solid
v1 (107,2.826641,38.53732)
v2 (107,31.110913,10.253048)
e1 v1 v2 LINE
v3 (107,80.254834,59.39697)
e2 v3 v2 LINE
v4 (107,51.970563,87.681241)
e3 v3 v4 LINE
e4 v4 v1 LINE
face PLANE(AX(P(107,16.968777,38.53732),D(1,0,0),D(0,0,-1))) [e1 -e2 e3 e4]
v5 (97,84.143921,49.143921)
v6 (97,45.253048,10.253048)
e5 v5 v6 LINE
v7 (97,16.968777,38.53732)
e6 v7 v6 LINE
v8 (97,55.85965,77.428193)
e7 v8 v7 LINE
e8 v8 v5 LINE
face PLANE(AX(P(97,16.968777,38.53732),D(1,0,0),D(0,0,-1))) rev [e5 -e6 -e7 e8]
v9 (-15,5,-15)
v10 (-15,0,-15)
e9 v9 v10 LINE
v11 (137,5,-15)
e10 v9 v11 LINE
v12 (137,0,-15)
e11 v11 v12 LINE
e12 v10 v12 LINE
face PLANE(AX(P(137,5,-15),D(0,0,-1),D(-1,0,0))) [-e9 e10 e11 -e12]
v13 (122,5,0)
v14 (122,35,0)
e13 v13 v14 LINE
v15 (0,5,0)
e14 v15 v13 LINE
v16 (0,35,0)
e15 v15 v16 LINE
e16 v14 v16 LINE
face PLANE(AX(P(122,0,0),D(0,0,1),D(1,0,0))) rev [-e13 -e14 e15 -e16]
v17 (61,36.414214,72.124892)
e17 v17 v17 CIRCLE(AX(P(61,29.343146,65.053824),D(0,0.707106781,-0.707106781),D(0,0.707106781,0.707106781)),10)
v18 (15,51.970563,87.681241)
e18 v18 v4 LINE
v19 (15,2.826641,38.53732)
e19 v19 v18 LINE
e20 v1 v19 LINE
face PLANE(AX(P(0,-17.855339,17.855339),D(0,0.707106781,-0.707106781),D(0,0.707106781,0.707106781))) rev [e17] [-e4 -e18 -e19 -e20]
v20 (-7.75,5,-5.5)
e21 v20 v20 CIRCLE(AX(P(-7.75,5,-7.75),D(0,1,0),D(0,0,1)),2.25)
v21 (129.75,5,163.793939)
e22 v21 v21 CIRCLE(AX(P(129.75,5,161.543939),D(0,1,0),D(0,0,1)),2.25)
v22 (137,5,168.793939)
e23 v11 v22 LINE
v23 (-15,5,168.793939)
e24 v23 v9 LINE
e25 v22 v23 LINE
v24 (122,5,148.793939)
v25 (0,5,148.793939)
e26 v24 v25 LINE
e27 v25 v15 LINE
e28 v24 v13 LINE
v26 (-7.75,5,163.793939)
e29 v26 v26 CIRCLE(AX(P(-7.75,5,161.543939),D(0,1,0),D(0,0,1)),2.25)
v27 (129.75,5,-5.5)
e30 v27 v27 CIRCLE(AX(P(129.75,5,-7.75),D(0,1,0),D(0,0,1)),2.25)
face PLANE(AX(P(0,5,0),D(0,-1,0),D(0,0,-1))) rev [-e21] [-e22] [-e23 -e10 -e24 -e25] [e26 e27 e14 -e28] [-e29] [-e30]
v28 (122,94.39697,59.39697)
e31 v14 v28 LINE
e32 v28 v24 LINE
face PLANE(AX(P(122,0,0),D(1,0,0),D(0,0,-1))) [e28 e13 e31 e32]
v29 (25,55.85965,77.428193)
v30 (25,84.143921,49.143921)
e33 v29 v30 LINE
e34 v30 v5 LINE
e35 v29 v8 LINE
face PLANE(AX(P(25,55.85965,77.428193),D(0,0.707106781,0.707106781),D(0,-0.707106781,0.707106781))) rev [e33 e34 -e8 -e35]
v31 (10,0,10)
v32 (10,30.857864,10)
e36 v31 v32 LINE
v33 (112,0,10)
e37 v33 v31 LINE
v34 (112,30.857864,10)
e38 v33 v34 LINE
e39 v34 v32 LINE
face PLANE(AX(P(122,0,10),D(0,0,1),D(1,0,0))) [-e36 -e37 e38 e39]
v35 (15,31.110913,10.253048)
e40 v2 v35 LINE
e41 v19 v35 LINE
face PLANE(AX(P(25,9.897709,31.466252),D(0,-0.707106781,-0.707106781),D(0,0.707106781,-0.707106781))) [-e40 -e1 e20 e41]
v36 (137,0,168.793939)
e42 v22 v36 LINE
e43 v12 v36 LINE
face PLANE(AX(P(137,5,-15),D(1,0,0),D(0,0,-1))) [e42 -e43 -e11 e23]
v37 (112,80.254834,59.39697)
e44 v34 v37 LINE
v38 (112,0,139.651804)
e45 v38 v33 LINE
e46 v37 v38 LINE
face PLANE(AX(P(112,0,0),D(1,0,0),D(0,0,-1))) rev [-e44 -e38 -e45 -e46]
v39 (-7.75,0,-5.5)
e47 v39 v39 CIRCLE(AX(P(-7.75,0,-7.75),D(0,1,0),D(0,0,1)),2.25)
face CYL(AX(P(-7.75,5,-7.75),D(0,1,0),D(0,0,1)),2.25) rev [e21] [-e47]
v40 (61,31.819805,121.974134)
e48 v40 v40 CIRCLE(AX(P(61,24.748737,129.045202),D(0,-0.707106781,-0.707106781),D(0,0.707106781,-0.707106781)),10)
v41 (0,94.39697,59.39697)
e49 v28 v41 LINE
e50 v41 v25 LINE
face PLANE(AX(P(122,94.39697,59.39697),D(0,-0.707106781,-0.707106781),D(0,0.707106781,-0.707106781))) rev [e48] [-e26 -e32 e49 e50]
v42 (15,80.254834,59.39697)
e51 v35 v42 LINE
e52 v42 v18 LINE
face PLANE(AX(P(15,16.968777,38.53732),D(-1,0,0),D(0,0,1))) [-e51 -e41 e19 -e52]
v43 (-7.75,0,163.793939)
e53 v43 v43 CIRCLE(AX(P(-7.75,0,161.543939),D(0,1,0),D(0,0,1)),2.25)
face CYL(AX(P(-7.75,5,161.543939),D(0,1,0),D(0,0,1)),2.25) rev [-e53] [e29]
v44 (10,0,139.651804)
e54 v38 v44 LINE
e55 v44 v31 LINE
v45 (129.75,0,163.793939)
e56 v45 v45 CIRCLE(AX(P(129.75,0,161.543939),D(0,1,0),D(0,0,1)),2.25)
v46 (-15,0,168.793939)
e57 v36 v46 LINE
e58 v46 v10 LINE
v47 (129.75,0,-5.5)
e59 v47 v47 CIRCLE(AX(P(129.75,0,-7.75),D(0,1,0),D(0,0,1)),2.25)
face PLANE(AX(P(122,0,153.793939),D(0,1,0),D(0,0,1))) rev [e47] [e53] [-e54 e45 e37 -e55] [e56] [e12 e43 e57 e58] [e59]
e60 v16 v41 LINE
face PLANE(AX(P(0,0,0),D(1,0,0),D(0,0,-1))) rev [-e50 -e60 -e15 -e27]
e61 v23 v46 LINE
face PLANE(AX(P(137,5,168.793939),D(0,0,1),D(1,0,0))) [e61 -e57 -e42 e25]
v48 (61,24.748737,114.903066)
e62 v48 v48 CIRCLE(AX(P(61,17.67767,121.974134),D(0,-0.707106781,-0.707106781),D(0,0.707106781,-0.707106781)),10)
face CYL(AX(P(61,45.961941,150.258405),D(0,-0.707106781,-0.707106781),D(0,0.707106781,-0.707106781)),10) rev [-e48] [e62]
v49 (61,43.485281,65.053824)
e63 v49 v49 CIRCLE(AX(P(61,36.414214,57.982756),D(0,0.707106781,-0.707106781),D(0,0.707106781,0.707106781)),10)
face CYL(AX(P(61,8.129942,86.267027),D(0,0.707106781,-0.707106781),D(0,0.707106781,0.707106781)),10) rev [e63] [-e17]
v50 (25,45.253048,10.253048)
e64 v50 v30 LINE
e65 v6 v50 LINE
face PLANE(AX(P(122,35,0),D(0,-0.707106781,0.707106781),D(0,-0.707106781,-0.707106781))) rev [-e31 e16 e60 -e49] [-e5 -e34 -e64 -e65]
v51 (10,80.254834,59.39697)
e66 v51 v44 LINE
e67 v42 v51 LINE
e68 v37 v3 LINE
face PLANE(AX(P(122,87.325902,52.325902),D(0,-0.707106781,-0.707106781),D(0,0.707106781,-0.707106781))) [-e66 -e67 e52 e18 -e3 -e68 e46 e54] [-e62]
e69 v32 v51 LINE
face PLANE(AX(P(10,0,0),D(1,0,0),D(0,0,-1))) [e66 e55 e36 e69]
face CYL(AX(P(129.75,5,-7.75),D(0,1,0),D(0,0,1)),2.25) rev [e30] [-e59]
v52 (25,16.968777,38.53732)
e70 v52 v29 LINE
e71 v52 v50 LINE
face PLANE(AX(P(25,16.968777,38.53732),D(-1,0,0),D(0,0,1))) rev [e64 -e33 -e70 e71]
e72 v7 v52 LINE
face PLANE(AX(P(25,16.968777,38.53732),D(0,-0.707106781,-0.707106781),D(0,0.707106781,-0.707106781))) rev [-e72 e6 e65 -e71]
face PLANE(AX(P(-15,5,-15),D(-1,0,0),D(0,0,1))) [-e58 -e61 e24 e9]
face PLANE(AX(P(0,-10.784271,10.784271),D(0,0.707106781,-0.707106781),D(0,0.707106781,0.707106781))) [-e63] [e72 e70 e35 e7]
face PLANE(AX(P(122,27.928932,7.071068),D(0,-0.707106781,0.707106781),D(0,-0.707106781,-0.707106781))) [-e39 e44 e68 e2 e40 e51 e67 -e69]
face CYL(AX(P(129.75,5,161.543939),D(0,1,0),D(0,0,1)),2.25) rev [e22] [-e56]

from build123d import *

# Parameters (mm, degrees)
ESTRUSIONE_ESTRUSIONE1_DEPTH = 122
SCHIZZO2_W                   = 72
SCHIZZO2_H                   = 55
TAGLIO_ESTRUSIONE1_DEPTH     = 40
SVUOTA1_T                    = -10
SCHIZZO3_R                   = 10
TAGLIO_ESTRUSIONE2_DEPTH     = 40
SCHIZZO4_R                   = 10
TAGLIO_ESTRUSIONE3_DEPTH     = 40
SCHIZZO5_W                   = 152
SCHIZZO5_H                   = 183.793939239
SCHIZZO5_W_2                 = 112
SCHIZZO5_H_2                 = 139.651803616
ESTRUSIONE_ESTRUSIONE2_DEPTH = 5
FORO_PER_VITE_M4_1_D         = 4.5
FORO_PER_VITE_M4_1_DEPTH     = 5
FORO_PER_VITE_M4_1_TIP       = 1.351936393


with BuildPart() as part:
    # Schizzo1 → Estrusione-Estrusione1 (new body)
    with BuildSketch(Plane(origin=(0, 0, 0), x_dir=(0, 0, -1), z_dir=(1, 0, 0))):
        Polygon((0, 0), (0, 35), (-59.39696962, 94.39696962), (-153.793939239, 0), align=None)
    extrude(amount=ESTRUSIONE_ESTRUSIONE1_DEPTH)

    # Schizzo2 → Taglio-Estrusione1 (cut)
    with BuildSketch(Plane(origin=(0, 17.5, -17.5), x_dir=(1, 0, 0), z_dir=(0, 0.7071067811865489, -0.7071067811865461))):
        with Locations((61, -66.748737342)):
            Rectangle(SCHIZZO2_W, SCHIZZO2_H)
    extrude(amount=-TAGLIO_ESTRUSIONE1_DEPTH, mode=Mode.SUBTRACT)

    # Svuota1
    svuota1_openings = [part.faces().sort_by_distance(p)[0] for p in [
        (61, 0, 76.89696962),
    ]]
    offset(amount=SVUOTA1_T, openings=svuota1_openings, kind=Kind.INTERSECTION)

    # Schizzo3 → Taglio-Estrusione2 (cut)
    with BuildSketch(Plane(origin=(0, -10.784271247, 10.784271247), x_dir=(1, 0, 0), z_dir=(0, 0.7071067811865489, -0.7071067811865462))):
        with Locations(Location((61, -66.748737342, 0), (0, 0, 270))):
            Circle(SCHIZZO3_R)
    extrude(amount=-TAGLIO_ESTRUSIONE2_DEPTH, mode=Mode.SUBTRACT)

    # Schizzo4 → Taglio-Estrusione3 (cut)
    with BuildSketch(Plane(origin=(0, 69.825901808, 69.825901808), x_dir=(1, 0, 0), z_dir=(0, -0.7071067811865461, -0.707106781186549))):
        with Locations(Location((61, 73.748737342, 0), (0, 0, 270))):
            Circle(SCHIZZO4_R)
    extrude(amount=-TAGLIO_ESTRUSIONE3_DEPTH, mode=Mode.SUBTRACT)

    # Schizzo5 → Estrusione-Estrusione2 (add)
    with BuildSketch(Plane.XZ):
        with Locations((61, 76.896969619)):
            Rectangle(SCHIZZO5_W, SCHIZZO5_H)
        with Locations((66, 69.825901808)):
            Rectangle(SCHIZZO5_W_2, SCHIZZO5_H_2, mode=Mode.SUBTRACT)
    extrude(amount=-ESTRUSIONE_ESTRUSIONE2_DEPTH)

    # Foro per Vite M4-1
    with Locations(Plane(origin=(0, 5, 0), x_dir=(1, 0, 0), z_dir=(0, 1, 0))):
        with Locations((-7.75, -161.543939239), (129.75, -161.543939239), (129.75, 7.75), (-7.75, 7.75)):
            Hole(FORO_PER_VITE_M4_1_D / 2, depth=FORO_PER_VITE_M4_1_DEPTH)
            with Locations((0, 0, -(FORO_PER_VITE_M4_1_DEPTH + FORO_PER_VITE_M4_1_TIP / 2))):  # 118° drill point
                Cone(0, FORO_PER_VITE_M4_1_D / 2, FORO_PER_VITE_M4_1_TIP, mode=Mode.SUBTRACT)


solid = part.part
